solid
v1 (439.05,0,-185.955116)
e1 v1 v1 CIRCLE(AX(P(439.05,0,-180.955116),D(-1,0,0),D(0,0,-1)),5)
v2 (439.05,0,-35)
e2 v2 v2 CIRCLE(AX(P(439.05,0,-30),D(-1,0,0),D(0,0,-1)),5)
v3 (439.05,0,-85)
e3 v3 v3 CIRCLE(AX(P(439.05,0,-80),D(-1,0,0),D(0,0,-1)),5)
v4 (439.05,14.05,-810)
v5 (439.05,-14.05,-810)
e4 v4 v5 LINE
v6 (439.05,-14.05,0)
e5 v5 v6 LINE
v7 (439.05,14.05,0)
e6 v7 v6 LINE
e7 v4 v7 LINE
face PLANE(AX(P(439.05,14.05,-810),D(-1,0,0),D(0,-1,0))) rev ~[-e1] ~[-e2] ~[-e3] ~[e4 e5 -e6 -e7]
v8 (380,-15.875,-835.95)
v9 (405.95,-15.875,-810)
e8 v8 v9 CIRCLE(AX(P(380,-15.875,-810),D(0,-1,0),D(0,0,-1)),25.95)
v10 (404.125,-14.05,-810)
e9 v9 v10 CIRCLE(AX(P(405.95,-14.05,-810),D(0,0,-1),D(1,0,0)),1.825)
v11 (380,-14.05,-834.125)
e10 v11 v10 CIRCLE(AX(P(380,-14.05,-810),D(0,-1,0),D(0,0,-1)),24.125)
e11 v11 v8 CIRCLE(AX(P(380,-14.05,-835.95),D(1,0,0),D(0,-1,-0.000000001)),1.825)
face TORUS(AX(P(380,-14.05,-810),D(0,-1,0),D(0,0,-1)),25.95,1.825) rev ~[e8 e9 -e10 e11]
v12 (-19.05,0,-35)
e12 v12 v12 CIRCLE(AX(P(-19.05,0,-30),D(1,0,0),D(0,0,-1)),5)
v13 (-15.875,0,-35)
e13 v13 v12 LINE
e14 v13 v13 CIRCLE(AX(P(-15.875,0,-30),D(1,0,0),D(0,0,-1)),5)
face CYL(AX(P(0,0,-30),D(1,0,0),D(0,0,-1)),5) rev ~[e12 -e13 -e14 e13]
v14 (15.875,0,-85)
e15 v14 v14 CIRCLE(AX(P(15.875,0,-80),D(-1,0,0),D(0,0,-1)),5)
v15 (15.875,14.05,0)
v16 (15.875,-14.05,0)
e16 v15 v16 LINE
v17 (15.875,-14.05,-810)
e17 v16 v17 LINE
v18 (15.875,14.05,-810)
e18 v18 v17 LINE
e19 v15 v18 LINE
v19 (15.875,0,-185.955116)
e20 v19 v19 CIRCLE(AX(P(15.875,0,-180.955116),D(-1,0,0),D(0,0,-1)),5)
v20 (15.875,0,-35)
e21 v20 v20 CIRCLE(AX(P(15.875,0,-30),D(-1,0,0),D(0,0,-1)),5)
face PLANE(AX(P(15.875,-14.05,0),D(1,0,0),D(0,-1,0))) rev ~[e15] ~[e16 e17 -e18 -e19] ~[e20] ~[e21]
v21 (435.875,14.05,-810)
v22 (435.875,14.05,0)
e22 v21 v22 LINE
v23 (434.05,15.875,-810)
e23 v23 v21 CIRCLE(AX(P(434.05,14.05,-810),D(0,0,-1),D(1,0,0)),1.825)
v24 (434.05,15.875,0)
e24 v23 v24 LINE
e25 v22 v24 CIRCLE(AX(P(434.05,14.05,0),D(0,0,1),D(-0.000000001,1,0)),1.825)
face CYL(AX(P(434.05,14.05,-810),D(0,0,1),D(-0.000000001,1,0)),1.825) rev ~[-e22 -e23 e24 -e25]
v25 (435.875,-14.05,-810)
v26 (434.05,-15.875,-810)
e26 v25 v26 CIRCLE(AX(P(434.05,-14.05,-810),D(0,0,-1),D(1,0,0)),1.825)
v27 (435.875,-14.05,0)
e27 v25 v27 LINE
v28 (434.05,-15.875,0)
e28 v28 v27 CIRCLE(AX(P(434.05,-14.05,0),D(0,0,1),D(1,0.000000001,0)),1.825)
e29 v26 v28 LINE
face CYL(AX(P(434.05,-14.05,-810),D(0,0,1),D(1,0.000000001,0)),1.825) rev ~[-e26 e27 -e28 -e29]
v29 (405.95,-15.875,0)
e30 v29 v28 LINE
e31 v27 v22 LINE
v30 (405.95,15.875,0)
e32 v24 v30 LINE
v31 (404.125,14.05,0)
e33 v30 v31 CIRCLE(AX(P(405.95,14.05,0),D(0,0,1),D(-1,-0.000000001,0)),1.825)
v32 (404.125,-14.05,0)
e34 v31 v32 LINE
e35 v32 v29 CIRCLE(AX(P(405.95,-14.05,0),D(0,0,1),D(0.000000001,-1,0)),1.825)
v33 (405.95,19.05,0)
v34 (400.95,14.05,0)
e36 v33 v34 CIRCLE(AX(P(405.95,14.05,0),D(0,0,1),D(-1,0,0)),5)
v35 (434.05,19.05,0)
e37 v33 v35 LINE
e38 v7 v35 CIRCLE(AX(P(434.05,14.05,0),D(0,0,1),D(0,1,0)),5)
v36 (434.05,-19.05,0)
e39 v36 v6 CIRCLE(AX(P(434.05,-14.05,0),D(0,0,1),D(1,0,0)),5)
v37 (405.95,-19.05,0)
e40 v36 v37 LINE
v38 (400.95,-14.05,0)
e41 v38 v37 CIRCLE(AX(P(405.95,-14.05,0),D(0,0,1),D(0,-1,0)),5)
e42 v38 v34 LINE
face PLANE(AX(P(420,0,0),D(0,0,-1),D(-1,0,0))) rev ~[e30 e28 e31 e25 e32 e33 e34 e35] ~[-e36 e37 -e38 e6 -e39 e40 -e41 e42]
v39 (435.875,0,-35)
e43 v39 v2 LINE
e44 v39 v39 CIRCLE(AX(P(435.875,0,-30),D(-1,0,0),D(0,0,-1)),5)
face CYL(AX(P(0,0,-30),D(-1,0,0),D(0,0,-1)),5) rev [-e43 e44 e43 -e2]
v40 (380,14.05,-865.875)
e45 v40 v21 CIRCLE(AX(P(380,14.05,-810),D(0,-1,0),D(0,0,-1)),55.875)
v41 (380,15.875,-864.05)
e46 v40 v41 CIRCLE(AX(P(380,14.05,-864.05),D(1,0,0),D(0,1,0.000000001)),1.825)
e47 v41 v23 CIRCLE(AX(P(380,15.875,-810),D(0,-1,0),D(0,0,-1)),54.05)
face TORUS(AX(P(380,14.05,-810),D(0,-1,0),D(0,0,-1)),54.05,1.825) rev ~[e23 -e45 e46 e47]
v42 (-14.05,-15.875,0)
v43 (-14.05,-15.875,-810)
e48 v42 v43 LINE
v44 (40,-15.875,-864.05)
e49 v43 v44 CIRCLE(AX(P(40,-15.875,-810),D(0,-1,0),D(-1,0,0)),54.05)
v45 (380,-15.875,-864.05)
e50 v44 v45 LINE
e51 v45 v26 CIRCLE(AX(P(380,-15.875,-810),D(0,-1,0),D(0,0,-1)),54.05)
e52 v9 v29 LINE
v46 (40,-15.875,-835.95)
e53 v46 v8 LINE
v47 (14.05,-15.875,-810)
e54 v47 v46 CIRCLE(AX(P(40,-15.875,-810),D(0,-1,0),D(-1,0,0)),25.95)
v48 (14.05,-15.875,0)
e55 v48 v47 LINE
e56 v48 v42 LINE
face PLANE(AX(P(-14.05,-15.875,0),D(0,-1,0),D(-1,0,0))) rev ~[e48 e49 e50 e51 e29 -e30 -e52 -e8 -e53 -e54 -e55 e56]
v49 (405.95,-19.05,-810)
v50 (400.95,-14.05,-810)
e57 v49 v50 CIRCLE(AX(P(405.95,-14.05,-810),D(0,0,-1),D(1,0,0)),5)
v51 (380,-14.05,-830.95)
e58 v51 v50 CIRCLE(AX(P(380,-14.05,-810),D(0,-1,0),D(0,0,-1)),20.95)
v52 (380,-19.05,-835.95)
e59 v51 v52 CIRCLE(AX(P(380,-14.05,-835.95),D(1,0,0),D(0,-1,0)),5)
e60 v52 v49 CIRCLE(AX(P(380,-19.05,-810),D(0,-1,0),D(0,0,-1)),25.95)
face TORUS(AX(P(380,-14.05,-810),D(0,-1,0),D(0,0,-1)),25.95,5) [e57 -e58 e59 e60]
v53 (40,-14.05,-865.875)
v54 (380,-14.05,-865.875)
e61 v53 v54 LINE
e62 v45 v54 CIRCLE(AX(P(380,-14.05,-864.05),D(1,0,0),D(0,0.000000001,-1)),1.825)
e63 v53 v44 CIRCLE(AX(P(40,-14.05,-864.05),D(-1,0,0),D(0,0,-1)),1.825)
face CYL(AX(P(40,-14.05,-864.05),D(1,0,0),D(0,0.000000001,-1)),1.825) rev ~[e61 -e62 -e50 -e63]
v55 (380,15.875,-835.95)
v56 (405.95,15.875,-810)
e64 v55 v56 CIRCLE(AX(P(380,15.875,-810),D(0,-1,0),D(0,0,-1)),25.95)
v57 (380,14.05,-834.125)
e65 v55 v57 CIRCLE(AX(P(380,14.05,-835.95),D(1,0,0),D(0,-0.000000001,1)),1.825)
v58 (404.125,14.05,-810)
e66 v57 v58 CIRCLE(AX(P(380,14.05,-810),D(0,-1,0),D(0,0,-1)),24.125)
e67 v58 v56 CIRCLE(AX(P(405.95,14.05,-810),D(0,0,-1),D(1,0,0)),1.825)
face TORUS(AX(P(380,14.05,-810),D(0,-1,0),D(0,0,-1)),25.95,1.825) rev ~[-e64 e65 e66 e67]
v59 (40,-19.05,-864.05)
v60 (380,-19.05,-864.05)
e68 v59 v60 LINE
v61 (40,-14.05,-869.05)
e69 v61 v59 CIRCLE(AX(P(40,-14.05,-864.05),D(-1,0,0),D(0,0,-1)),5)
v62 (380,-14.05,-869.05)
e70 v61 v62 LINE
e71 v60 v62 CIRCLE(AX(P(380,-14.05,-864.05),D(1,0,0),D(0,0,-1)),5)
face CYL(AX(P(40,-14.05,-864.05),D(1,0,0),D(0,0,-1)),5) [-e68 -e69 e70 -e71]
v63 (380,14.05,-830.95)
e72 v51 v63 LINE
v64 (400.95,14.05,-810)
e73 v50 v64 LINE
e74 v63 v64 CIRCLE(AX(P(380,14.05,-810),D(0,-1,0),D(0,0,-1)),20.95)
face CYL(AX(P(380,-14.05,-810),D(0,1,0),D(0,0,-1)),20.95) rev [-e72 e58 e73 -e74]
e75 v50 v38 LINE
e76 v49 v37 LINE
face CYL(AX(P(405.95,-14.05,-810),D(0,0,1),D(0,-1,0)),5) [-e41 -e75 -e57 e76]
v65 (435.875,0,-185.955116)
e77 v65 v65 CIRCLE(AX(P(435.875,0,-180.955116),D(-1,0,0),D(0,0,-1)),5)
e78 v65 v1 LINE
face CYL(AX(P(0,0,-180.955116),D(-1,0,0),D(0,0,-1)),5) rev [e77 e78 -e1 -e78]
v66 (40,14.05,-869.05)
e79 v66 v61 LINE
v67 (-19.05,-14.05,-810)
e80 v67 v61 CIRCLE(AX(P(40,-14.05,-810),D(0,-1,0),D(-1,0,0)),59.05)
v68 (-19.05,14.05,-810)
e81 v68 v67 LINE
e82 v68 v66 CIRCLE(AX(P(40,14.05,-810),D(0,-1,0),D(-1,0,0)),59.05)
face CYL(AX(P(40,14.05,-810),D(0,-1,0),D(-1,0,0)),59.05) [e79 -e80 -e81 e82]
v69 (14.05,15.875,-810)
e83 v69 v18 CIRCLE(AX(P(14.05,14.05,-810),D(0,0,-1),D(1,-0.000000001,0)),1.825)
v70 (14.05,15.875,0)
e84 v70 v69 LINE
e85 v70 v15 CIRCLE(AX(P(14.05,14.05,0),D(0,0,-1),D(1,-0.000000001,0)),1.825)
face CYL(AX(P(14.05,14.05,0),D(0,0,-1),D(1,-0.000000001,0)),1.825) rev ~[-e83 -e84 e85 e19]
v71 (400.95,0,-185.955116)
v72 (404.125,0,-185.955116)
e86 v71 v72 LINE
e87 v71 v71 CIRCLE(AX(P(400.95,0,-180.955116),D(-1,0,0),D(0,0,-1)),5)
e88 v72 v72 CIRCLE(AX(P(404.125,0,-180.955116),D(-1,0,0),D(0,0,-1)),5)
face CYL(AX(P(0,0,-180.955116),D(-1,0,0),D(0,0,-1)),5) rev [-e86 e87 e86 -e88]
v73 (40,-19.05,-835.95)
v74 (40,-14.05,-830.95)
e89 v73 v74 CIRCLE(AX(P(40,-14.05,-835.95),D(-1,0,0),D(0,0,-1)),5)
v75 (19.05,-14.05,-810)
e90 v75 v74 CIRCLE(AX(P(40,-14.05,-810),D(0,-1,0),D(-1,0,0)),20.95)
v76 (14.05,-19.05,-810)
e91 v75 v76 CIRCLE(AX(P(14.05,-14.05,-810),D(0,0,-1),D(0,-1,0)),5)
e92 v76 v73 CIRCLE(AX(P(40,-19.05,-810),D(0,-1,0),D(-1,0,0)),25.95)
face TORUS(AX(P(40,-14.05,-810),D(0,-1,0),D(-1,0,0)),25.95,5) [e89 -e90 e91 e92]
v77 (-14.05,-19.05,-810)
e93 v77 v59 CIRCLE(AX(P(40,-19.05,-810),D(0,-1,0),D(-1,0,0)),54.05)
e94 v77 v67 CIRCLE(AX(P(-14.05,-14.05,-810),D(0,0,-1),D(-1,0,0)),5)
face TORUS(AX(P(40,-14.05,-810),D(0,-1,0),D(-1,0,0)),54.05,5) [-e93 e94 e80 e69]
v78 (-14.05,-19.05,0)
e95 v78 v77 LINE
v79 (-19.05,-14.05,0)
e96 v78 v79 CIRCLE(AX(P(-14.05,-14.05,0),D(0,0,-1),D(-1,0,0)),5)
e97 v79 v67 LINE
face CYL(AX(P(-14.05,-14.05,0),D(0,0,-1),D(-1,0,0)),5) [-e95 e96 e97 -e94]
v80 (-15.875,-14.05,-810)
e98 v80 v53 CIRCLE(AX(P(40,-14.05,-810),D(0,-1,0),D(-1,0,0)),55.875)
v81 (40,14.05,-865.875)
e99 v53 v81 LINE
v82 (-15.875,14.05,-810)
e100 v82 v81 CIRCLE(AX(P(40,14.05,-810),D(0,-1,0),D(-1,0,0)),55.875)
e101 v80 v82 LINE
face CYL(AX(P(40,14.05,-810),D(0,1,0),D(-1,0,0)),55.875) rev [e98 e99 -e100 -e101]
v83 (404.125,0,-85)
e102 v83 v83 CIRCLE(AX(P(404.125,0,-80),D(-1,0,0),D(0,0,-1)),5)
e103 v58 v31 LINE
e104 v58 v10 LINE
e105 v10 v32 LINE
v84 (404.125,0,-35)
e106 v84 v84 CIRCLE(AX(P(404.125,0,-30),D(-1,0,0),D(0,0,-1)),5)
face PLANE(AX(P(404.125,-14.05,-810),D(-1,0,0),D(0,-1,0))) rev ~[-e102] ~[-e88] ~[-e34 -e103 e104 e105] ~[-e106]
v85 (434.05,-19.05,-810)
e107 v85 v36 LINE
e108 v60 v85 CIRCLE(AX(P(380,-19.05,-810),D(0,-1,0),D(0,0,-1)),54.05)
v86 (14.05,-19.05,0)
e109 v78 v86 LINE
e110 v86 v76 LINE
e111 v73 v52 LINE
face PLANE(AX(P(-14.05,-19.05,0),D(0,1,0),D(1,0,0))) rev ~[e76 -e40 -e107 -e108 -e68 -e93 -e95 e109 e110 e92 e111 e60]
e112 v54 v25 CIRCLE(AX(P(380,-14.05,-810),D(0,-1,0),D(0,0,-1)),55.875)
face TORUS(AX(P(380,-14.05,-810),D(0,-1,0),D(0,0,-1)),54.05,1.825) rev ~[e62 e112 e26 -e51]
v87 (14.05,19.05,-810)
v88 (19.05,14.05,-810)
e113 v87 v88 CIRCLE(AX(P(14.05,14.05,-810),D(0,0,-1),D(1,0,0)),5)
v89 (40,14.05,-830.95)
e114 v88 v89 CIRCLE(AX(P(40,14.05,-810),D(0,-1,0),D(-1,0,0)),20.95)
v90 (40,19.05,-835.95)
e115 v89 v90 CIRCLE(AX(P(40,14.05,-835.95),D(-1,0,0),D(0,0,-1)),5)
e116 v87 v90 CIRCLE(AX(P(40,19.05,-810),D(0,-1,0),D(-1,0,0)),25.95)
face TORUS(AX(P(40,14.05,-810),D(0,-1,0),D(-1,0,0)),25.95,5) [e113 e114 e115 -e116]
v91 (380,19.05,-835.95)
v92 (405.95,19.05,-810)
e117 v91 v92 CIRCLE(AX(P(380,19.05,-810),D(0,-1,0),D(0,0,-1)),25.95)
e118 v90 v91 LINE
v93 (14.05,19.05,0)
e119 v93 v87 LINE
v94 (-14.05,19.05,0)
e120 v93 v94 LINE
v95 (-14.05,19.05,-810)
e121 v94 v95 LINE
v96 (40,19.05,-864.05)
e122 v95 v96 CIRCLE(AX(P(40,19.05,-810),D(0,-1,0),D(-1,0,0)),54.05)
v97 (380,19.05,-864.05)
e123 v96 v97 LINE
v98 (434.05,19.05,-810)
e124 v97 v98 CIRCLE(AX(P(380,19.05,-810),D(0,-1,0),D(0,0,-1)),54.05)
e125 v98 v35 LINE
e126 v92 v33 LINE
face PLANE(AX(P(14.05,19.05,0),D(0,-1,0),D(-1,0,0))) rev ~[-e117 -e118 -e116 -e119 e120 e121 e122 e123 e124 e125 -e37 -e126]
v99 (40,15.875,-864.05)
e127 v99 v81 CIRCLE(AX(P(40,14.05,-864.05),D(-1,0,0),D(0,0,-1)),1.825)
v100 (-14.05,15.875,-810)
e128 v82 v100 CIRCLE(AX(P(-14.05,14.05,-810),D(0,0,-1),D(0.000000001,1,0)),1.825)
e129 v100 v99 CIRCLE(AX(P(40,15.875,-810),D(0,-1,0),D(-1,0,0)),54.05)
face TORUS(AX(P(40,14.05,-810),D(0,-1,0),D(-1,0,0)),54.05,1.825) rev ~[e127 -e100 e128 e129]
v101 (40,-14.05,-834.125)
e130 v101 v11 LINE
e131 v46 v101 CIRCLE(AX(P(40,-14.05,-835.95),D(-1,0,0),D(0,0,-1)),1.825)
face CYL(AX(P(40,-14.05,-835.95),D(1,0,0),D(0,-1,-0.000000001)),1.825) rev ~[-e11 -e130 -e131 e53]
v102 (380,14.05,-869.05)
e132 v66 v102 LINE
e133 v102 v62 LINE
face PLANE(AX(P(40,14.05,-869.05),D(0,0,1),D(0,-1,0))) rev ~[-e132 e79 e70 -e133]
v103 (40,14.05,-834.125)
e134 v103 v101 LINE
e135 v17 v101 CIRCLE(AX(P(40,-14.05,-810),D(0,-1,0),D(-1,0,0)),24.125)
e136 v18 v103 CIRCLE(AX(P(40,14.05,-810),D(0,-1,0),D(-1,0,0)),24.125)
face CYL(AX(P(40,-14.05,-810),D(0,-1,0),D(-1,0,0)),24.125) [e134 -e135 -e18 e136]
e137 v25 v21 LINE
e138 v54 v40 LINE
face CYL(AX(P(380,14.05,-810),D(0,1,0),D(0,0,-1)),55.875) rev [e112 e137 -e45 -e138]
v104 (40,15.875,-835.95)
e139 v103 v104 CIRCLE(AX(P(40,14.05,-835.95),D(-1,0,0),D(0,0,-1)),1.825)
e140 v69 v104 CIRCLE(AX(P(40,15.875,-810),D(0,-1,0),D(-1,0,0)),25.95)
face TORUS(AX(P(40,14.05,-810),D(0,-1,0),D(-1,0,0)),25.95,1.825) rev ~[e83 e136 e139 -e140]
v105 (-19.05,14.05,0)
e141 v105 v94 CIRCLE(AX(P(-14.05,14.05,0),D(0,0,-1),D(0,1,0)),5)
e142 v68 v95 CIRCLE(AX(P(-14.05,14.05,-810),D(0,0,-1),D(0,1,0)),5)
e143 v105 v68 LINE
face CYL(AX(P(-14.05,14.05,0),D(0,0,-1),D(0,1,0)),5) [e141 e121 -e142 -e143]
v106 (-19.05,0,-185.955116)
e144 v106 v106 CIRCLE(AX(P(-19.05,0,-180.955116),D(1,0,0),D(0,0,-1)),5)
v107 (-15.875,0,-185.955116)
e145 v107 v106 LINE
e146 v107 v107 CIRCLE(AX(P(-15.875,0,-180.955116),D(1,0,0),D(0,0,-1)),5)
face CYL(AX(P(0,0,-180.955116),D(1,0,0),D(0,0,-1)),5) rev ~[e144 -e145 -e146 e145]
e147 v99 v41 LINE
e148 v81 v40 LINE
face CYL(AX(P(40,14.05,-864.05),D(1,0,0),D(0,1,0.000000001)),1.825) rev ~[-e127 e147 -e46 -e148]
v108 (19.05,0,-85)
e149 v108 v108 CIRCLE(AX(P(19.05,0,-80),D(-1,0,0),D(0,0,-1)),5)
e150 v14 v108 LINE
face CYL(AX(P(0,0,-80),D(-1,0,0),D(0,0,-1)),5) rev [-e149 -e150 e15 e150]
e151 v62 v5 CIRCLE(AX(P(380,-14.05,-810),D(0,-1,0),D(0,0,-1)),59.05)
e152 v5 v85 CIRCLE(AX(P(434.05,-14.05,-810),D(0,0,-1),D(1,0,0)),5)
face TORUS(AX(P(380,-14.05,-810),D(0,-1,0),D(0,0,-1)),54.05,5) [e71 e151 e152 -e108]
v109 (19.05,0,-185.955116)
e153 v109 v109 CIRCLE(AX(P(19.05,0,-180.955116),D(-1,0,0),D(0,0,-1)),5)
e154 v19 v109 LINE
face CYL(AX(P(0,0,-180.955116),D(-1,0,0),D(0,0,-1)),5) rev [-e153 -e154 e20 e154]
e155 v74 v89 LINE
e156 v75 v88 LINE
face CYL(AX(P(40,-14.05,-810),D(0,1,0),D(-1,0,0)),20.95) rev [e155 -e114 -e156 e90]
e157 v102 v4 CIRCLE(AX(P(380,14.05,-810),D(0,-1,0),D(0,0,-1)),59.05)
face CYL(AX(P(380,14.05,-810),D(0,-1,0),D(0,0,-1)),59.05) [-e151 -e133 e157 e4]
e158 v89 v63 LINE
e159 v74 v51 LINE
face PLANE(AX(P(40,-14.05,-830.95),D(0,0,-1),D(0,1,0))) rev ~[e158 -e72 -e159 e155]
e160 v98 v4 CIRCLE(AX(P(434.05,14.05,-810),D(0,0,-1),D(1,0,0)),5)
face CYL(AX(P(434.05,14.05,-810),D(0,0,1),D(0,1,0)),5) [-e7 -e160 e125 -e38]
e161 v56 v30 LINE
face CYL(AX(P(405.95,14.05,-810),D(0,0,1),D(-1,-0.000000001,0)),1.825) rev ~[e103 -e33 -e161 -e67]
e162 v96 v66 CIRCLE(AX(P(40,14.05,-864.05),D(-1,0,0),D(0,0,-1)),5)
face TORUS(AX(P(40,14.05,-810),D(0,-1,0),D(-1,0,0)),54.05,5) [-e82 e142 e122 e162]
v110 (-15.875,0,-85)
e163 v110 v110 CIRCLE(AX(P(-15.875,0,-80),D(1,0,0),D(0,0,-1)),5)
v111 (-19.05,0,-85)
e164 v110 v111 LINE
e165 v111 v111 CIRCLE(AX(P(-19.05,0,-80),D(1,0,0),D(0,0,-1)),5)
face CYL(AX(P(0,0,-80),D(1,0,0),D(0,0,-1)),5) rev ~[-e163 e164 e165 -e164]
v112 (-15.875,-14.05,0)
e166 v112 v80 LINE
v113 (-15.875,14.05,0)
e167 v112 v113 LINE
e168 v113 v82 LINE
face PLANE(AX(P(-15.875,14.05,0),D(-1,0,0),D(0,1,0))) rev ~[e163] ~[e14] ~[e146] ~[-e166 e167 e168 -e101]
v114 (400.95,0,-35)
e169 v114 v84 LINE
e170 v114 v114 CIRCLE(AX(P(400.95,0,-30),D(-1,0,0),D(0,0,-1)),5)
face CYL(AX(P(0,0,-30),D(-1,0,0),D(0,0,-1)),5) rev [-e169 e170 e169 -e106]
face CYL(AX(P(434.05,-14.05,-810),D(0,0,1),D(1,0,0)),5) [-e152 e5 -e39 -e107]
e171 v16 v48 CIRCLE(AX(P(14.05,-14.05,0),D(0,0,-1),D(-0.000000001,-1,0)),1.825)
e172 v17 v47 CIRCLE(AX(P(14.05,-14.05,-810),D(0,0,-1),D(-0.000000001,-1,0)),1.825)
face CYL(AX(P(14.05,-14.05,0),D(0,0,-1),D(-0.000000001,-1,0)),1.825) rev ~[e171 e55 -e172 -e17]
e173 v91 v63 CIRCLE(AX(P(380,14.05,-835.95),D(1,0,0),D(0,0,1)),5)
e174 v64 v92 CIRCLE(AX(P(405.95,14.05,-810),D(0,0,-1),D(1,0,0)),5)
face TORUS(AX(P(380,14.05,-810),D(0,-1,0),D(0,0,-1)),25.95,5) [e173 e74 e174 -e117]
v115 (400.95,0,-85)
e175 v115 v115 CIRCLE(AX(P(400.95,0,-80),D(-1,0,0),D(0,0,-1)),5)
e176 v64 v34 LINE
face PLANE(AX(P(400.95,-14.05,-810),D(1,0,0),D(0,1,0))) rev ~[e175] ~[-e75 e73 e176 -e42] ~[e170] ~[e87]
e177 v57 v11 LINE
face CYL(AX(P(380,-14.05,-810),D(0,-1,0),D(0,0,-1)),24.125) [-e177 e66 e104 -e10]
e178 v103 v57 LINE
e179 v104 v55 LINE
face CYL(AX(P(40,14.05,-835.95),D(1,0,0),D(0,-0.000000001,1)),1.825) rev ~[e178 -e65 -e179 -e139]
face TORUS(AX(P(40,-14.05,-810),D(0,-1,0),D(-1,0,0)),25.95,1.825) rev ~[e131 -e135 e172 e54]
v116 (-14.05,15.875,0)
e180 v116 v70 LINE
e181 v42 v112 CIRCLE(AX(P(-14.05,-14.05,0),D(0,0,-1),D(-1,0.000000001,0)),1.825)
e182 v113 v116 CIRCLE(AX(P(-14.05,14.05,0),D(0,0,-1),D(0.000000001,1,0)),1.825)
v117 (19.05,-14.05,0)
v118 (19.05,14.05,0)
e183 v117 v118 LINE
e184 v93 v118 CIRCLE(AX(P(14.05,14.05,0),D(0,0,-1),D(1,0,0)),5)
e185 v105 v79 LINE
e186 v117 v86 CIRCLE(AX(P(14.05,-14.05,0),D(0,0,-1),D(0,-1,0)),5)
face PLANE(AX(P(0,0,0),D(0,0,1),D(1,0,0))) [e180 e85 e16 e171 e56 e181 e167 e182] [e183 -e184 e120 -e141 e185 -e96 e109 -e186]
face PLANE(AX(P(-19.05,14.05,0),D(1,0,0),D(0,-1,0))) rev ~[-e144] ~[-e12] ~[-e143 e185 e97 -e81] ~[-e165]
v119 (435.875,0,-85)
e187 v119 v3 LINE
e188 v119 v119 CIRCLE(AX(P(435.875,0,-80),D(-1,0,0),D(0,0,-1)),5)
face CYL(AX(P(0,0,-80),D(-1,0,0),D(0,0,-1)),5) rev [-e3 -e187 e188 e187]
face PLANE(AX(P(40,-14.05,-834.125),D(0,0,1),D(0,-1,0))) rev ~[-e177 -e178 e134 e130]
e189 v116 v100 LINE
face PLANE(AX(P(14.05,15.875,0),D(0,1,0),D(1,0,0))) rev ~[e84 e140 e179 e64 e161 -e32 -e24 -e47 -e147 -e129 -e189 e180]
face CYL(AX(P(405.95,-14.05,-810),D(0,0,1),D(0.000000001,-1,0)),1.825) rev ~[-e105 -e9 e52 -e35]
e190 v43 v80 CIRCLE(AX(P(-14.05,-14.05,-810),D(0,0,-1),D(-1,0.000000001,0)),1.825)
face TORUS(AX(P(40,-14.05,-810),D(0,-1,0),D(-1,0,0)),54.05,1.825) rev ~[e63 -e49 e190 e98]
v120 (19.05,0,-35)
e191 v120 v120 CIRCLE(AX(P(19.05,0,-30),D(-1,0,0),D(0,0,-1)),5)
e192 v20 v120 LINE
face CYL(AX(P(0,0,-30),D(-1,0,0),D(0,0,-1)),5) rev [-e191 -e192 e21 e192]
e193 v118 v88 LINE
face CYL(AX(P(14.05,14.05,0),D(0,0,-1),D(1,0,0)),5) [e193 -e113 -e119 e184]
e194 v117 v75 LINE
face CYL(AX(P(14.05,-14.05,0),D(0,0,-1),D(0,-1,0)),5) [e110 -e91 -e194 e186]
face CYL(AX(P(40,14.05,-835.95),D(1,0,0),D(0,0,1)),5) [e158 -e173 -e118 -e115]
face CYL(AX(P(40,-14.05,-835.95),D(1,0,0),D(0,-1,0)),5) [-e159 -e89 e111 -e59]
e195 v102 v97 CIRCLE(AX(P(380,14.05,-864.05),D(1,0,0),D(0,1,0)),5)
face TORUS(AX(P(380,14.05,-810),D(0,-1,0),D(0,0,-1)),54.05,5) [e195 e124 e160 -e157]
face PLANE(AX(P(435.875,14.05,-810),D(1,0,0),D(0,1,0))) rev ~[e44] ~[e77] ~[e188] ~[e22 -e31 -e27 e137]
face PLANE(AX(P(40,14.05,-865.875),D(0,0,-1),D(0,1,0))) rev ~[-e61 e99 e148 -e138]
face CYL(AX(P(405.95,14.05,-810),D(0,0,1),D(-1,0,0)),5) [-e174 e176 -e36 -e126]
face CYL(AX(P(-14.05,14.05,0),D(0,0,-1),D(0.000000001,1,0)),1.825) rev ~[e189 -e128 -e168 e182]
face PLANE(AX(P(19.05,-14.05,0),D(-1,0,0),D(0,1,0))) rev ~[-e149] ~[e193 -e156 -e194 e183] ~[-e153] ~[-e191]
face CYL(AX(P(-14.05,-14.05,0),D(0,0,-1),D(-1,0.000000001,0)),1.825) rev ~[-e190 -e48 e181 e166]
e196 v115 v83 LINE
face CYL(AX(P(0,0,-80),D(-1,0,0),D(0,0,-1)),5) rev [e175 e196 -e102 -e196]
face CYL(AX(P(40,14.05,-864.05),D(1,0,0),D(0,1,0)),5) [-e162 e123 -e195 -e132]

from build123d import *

# Parameters (mm, degrees)
SKETCH4_R               = 5
CUT_EXTRUDE2_DEPTH      = 440.0500001
CUT_EXTRUDE2_DEPTH_BACK = 20.0500001


with BuildPart() as part:
    # Sweep-Thin1: sweep along a path in Sketch1
    with BuildLine(Plane(origin=(0, 0, 0), x_dir=(1, 0, 0), z_dir=(0, 1, 0))) as sweep_thin1_path:
        Line((0, 0), (0, 810))
        ThreePointArc((0, 810), (11.715728753, 838.284271247), (40, 850))
        Line((40, 850), (380, 850))
        ThreePointArc((380, 850), (408.284271247, 838.284271247), (420, 810))
        Line((420, 810), (420, 0))
    # Sketch3 → Sweep-Thin1 (sweep)
    with BuildSketch(Plane.XY):
        with BuildLine():
            Line((14.05, 19.05), (-14.05, 19.05))
            ThreePointArc((-14.05, 19.05), (-17.585533906, 17.585533906), (-19.05, 14.05))
            Line((-19.05, 14.05), (-19.05, -14.05))
            ThreePointArc((-19.05, -14.05), (-17.585533906, -17.585533906), (-14.05, -19.05))
            Line((-14.05, -19.05), (14.05, -19.05))
            ThreePointArc((14.05, -19.05), (17.585533906, -17.585533906), (19.05, -14.05))
            Line((19.05, -14.05), (19.05, 14.05))
            ThreePointArc((19.05, 14.05), (17.585533906, 17.585533906), (14.05, 19.05))
        make_face()
        with BuildLine():
            Line((14.05, 15.875), (-14.05, 15.875))
            ThreePointArc((-14.05, 15.875), (-15.340469876, 15.340469876), (-15.875, 14.05))
            Line((-15.875, 14.05), (-15.875, -14.05))
            ThreePointArc((-15.875, -14.05), (-15.340469876, -15.340469876), (-14.05, -15.875))
            Line((-14.05, -15.875), (14.05, -15.875))
            ThreePointArc((14.05, -15.875), (15.340469876, -15.340469876), (15.875, -14.05))
            Line((15.875, -14.05), (15.875, 14.05))
            ThreePointArc((15.875, 14.05), (15.340469876, 15.340469876), (14.05, 15.875))
        make_face(mode=Mode.SUBTRACT)
    sweep(path=sweep_thin1_path.line)

    # Sketch4 → Cut-Extrude2 (cut, two sides)
    with BuildSketch(Plane(origin=(0, 0, 0), x_dir=(0, 0, -1), z_dir=(1, 0, 0))) as cut_extrude2_sk:
        with Locations((30, 0)):
            Circle(SKETCH4_R)
        with Locations((80, 0)):
            Circle(SKETCH4_R)
        with Locations((180.955115779, 0)):
            Circle(SKETCH4_R)
    extrude(amount=CUT_EXTRUDE2_DEPTH, mode=Mode.SUBTRACT)
    extrude(cut_extrude2_sk.sketch, amount=-CUT_EXTRUDE2_DEPTH_BACK, mode=Mode.SUBTRACT)


solid = part.part
